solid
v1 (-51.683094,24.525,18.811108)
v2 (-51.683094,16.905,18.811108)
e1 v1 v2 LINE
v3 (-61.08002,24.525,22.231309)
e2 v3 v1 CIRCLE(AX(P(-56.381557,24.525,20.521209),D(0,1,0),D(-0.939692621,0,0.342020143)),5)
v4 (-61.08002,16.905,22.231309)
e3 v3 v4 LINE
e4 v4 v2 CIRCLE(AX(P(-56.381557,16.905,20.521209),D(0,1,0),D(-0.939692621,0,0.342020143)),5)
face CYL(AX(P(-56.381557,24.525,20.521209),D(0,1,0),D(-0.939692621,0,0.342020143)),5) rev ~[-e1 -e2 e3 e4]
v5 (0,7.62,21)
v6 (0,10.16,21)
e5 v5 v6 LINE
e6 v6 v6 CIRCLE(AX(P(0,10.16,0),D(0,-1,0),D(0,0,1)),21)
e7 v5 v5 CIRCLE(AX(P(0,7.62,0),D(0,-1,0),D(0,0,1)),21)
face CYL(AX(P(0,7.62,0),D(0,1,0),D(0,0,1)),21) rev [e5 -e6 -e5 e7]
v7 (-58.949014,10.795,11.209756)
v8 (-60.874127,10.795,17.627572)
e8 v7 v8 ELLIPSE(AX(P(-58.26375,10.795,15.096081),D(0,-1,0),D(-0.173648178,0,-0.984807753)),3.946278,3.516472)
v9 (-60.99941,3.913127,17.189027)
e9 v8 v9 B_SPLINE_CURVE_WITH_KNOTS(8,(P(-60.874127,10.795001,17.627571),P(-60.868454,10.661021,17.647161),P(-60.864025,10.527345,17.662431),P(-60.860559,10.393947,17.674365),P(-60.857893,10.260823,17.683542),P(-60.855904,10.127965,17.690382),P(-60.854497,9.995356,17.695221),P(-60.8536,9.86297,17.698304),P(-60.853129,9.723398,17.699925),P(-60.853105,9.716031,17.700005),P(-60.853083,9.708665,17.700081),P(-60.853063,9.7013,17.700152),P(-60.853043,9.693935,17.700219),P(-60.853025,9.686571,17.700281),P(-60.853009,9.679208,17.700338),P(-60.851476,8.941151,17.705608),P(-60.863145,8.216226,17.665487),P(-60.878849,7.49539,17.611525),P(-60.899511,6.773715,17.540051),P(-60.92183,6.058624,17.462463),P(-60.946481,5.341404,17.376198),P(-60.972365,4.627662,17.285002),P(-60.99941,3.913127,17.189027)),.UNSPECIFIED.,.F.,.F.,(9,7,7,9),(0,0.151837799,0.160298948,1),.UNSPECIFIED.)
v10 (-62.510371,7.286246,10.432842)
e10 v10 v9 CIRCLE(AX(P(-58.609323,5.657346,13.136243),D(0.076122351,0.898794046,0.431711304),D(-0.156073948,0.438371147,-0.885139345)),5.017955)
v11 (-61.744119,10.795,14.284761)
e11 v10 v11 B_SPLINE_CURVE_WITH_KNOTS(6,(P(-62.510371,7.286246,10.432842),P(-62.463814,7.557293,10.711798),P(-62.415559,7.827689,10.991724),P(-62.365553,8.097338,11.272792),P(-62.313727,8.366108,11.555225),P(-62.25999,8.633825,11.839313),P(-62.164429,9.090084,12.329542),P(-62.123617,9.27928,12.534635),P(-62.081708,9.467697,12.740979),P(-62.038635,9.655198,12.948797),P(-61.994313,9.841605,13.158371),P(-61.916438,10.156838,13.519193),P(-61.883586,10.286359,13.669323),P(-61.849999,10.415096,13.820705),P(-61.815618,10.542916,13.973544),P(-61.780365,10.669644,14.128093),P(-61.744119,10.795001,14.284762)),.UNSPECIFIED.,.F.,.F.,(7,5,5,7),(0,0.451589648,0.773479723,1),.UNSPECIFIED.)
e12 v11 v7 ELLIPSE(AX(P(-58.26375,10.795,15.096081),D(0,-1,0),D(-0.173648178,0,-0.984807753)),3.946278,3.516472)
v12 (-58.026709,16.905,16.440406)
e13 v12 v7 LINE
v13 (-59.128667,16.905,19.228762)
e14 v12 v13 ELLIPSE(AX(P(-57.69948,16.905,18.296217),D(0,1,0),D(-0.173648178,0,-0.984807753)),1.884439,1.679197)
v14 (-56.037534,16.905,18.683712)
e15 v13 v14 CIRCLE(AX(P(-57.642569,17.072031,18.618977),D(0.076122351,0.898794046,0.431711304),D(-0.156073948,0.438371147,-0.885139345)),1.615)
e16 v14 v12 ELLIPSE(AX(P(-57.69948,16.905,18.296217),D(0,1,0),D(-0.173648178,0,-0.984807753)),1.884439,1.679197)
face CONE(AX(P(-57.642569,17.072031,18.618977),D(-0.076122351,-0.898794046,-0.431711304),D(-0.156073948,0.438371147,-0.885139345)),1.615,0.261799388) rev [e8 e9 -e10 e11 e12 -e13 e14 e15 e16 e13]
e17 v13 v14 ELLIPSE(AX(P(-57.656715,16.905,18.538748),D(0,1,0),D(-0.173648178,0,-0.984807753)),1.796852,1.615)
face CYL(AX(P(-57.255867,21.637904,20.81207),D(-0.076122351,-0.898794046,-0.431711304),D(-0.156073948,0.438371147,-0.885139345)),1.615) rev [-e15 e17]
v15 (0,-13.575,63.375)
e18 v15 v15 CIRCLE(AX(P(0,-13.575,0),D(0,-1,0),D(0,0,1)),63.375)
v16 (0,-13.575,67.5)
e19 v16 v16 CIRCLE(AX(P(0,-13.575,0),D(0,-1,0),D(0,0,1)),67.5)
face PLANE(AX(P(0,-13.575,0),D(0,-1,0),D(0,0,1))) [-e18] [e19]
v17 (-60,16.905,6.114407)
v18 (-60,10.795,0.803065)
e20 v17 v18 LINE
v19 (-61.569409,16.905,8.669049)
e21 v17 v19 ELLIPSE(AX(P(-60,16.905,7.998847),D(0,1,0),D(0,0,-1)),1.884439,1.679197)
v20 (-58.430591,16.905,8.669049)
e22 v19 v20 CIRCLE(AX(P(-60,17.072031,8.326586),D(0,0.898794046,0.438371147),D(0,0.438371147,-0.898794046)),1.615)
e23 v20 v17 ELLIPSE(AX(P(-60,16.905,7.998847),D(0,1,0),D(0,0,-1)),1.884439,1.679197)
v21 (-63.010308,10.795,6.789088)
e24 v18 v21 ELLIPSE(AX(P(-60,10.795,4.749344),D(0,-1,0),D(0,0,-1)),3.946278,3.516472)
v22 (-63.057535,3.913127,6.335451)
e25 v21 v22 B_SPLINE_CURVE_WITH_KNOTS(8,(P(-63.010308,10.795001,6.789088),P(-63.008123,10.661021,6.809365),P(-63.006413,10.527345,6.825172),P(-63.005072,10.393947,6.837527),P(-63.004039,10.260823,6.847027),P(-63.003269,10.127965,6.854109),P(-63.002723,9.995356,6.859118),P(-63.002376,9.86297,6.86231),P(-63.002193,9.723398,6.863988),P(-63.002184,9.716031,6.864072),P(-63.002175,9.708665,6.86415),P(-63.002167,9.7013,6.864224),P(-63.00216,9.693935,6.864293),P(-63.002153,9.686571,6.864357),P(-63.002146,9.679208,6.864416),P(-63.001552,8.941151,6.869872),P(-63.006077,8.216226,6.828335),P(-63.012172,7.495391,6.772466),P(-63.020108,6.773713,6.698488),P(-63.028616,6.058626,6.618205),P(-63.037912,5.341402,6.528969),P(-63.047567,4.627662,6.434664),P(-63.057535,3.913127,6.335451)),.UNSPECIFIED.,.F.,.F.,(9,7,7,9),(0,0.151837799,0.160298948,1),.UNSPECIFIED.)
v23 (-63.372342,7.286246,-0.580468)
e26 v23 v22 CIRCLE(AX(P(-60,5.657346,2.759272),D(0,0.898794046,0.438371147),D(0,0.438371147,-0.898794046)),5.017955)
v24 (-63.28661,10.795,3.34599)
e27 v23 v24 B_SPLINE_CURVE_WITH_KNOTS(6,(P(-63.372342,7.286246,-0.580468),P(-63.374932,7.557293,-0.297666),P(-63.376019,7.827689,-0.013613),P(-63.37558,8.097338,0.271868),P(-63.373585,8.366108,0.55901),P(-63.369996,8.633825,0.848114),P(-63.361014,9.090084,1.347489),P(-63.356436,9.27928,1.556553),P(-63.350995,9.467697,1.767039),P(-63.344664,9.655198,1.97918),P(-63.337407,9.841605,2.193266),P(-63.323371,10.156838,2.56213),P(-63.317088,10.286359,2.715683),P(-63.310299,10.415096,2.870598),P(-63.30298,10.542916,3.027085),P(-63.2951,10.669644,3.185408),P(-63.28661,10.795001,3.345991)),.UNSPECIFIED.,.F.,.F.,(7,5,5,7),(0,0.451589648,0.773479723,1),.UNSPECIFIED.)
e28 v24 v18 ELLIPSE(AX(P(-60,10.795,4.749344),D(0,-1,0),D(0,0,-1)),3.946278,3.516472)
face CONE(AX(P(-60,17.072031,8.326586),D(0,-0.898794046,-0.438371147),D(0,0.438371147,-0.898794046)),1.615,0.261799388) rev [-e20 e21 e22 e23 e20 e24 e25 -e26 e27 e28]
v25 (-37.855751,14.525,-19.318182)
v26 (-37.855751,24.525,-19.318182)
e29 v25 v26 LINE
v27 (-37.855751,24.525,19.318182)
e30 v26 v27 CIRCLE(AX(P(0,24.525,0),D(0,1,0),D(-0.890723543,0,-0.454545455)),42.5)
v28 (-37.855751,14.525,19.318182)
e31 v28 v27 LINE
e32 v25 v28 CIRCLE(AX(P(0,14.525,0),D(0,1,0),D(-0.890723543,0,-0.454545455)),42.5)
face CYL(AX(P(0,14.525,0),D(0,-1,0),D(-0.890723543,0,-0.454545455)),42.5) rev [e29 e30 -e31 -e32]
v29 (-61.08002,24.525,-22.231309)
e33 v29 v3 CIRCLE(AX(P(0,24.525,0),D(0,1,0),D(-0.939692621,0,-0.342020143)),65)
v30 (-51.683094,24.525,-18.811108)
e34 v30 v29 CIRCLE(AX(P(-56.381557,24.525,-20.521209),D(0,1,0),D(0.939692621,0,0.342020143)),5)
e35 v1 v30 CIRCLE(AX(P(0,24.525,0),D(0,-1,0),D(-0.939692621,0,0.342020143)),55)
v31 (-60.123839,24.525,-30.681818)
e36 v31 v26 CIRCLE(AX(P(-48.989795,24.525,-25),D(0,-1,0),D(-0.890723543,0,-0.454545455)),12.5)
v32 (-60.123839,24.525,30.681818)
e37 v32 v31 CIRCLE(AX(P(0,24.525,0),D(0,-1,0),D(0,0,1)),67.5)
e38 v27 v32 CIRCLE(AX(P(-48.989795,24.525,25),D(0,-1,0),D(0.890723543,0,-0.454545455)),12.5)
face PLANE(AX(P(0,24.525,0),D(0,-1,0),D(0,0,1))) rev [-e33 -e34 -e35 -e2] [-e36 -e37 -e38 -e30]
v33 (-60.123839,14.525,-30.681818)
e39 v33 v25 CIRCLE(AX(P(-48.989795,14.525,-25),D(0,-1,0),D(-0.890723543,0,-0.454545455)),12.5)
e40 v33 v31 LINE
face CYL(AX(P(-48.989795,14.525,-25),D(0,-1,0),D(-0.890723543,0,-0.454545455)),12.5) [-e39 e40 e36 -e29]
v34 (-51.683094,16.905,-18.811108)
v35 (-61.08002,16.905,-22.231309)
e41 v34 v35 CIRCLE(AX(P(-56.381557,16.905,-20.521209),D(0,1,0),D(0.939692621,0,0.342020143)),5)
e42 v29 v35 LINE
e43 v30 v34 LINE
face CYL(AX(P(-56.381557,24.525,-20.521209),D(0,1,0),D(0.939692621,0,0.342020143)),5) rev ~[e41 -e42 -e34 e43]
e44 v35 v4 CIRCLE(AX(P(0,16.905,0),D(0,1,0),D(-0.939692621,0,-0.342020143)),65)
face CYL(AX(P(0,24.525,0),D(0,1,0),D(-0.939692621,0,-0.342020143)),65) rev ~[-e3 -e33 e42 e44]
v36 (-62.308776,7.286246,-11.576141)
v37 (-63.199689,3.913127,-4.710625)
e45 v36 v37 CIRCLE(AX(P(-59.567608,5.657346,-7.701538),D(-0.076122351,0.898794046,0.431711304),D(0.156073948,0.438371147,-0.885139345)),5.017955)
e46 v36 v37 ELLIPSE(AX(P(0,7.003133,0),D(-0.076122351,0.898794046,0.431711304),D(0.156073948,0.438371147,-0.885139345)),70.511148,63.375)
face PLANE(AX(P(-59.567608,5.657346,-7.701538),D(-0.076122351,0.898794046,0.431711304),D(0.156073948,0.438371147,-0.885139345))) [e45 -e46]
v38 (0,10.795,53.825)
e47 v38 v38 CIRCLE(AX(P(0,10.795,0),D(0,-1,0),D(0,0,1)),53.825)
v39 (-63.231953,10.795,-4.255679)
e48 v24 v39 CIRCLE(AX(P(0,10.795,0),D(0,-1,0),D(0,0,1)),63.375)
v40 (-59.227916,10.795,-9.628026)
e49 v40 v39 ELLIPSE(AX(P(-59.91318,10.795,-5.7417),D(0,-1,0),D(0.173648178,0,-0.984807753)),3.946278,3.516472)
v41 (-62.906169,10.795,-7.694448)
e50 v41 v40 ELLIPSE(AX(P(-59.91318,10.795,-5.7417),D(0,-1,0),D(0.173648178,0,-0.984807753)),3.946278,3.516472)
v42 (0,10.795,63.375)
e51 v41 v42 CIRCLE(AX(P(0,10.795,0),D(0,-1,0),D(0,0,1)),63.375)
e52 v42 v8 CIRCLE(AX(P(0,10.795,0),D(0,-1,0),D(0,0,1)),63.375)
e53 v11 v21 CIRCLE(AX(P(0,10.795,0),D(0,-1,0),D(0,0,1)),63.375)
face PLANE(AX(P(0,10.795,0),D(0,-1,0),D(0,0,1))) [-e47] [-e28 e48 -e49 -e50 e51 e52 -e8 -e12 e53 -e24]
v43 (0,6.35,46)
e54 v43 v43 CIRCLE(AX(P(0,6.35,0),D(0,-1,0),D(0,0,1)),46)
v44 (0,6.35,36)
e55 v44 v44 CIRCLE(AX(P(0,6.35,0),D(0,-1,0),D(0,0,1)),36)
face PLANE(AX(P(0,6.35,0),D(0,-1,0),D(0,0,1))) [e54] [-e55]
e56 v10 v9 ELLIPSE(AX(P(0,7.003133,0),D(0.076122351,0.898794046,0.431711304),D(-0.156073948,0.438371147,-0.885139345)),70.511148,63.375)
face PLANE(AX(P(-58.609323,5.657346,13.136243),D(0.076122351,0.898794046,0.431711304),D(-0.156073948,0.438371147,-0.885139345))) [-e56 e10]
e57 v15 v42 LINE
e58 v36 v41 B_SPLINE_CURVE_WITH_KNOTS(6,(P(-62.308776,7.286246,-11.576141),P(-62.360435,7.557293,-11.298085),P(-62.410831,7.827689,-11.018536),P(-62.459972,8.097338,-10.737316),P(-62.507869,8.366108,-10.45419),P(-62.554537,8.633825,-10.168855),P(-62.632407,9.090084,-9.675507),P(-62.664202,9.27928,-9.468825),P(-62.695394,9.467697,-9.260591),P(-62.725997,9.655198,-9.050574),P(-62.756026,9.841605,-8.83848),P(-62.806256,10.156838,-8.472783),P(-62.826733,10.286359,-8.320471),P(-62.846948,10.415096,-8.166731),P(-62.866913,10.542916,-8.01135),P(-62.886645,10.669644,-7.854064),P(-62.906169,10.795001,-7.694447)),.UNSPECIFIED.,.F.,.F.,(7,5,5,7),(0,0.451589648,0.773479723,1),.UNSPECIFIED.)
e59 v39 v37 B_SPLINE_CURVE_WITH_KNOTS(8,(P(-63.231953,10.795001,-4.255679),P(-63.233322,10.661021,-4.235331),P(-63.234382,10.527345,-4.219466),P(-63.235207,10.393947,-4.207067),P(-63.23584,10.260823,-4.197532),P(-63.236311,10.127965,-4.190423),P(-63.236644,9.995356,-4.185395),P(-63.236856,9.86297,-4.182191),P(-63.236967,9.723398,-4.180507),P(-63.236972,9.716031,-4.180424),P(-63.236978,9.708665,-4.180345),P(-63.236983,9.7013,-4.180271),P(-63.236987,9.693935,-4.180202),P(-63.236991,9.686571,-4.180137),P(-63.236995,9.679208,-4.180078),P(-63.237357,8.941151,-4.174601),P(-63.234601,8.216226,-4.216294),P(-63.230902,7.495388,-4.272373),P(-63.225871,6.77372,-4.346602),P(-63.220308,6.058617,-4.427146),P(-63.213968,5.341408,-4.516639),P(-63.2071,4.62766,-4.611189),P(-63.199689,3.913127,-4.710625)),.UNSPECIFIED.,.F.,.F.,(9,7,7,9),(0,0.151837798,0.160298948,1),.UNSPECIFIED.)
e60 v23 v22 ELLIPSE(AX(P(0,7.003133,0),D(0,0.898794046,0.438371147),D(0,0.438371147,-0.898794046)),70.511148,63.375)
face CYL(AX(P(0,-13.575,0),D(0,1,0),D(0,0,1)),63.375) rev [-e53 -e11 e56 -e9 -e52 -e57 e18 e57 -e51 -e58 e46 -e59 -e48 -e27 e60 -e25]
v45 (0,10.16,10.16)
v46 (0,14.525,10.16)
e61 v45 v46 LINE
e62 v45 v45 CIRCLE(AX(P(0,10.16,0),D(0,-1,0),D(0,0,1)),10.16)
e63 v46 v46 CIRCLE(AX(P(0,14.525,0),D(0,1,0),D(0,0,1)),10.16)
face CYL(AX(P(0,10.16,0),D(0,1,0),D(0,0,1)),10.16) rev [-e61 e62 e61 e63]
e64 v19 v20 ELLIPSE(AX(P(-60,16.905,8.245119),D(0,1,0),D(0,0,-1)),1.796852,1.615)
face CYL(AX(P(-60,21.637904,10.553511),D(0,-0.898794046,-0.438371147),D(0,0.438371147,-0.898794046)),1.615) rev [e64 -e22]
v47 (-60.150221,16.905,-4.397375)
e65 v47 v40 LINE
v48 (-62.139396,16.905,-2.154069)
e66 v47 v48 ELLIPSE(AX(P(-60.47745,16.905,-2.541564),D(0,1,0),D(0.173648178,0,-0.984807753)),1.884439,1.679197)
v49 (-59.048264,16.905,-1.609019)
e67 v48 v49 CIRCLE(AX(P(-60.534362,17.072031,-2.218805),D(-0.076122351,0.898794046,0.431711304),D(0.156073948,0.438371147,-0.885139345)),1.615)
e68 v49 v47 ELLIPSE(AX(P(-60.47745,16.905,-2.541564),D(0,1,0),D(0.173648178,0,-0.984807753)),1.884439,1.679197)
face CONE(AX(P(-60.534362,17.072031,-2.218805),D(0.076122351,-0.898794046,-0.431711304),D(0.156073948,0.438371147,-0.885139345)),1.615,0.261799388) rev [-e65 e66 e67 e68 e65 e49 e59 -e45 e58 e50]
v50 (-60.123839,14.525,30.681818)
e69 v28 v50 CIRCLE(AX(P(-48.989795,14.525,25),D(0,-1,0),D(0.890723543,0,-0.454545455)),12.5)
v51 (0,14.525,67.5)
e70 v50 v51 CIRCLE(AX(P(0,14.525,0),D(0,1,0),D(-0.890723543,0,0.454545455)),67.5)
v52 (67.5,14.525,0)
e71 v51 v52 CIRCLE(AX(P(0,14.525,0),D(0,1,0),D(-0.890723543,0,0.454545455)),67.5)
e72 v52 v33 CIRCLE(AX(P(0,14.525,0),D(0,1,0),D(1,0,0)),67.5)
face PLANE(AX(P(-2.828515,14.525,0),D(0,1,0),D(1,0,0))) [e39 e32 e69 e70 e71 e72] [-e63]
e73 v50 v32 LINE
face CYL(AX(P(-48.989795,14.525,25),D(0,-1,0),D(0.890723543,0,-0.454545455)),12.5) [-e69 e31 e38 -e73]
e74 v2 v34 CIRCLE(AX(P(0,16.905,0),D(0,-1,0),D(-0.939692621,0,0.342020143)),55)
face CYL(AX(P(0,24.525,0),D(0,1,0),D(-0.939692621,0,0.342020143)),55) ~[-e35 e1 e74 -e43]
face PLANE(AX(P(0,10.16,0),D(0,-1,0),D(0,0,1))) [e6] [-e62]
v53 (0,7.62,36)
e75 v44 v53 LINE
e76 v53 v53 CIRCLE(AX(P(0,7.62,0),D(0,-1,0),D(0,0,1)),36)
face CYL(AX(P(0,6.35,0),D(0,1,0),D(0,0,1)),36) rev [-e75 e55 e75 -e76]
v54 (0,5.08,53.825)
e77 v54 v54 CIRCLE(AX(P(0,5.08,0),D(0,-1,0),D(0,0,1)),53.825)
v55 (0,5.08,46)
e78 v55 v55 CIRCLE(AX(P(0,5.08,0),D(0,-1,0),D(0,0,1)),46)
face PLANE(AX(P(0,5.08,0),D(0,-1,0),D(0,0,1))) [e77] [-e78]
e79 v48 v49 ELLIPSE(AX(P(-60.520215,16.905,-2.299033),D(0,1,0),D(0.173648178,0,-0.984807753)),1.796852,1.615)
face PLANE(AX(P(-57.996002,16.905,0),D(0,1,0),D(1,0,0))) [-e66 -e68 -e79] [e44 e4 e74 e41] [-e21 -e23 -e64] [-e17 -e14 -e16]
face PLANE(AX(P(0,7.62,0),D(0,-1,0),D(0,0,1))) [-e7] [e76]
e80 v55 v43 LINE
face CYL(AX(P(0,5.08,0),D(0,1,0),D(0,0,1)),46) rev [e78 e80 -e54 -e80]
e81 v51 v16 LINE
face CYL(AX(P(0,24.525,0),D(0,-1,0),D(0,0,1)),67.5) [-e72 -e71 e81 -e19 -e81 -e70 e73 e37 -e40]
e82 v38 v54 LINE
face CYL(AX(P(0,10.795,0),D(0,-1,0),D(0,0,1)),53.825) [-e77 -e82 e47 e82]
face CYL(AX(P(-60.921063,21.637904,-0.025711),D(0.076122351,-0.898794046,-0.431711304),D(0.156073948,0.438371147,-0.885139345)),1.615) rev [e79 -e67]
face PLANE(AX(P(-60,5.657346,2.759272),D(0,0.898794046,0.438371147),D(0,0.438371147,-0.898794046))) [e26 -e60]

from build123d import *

# Parameters (mm, degrees)
GEAR_START                      = -10
SKETCH1_R                       = 10.16
GEAR_SLOT_DEPTH                 = 10
CIRPATTERN1_COUNT               = 2
CIRPATTERN1_ANGLE               = 10
CIRPATTERN1_THE_OTHER_WAY_COUNT = 2
CIRPATTERN1_THE_OTHER_WAY_ANGLE = 10
GAS_MANIFOLD_DEPTH              = 7.62


with BuildPart() as part:
    # Sketch9 → Revolve1 (revolve)
    with BuildSketch(Plane.XY, mode=Mode.PRIVATE) as revolve1_sk:
        Polygon((-10.16, 10.16), (-10.16, 24.525), (-67.5, 24.525), (-67.5, -13.575), (-63.375, -13.575), (-63.375, 10.795), (-53.825, 10.795), (-53.825, 5.08), (-46, 5.08), (-46, 6.35), (-36, 6.35), (-36, 7.62), (-21, 7.62), (-21, 10.16), align=None)
    revolve(revolve1_sk.sketch.rotate(Axis((0, 18.1216542, 0), (0, -1, 0)), 270), axis=Axis((0, 18.1216542, 0), (0, -1, 0)))

    # Sketch1 → Gear Slot (cut)
    with BuildSketch(Plane(origin=(0, 24.525, 0), x_dir=(1, 0, 0), z_dir=(0, 1, 0)).offset(GEAR_START)):
        with BuildLine():
            ThreePointArc((-60.123839141, -30.681818182), (15.778004595, -65.630058441), (67.5, 0))
            ThreePointArc((67.5, 0), (15.778004595, 65.630058441), (-60.123839141, 30.681818182))
            ThreePointArc((-60.123839141, 30.681818182), (-43.307976674, 36.134044285), (-37.85575057, 19.318181818))
            ThreePointArc((-37.85575057, 19.318181818), (-42.5, 0), (-37.85575057, -19.318181818))
            ThreePointArc((-37.85575057, -19.318181818), (-43.307976674, -36.134044285), (-60.123839141, -30.681818182))
        make_face()
        with Locations(Location((0, 0, 0), (0, 0, 270))):
            Circle(SKETCH1_R, mode=Mode.SUBTRACT)
    extrude(amount=GEAR_SLOT_DEPTH, mode=Mode.SUBTRACT)

    # Sketch5 one side → Orifice (revolve, cut)
    with BuildSketch(Plane(origin=(-60, 0, 0), x_dir=(0, 0, -1), z_dir=(1, 0, 0)), mode=Mode.PRIVATE) as orifice_sk:
        Polygon((-9.77813806, 16.364061196), (-7.26937996, 3.457619634), (-2.759272111, 5.65734621), (-10.553511101, 21.637904353), (-12.005063486, 20.929934951), align=None)
    orifice = revolve(orifice_sk.sketch.rotate(Axis((-60, 5.65734621, 2.759272111), (0, 0.8987940462991696, 0.43837114678907213)), 180), axis=Axis((-60, 5.65734621, 2.759272111), (0, 0.8987940462991696, 0.43837114678907213)), mode=Mode.SUBTRACT)

    # CirPattern1: Orifice ×2 about axis
    cirpattern1_axis = Axis((0, 17.78, 0), (0, -1, 0))
    for i in range(1, CIRPATTERN1_COUNT):
        add(orifice.rotate(cirpattern1_axis, i * CIRPATTERN1_ANGLE / (CIRPATTERN1_COUNT - 1)), mode=Mode.SUBTRACT)

    # CirPattern1 the other way: Orifice ×2 about axis
    cirpattern1_the_other_way_axis = Axis((0, 17.78, 0), (0, 1, 0))
    for i in range(1, CIRPATTERN1_THE_OTHER_WAY_COUNT):
        add(orifice.rotate(cirpattern1_the_other_way_axis, i * CIRPATTERN1_THE_OTHER_WAY_ANGLE / (CIRPATTERN1_THE_OTHER_WAY_COUNT - 1)), mode=Mode.SUBTRACT)

    # Sketch10 → Gas Manifold (cut)
    with BuildSketch(Plane(origin=(0, 24.525, 0), x_dir=(1, 0, 0), z_dir=(0, 1, 0))):
        with BuildLine():
            ThreePointArc((-51.683094143, -18.811107883), (-55, 0), (-51.683094143, 18.811107883))
            ThreePointArc((-51.683094143, 18.811107883), (-54.671456531, 25.219671703), (-61.080020351, 22.231309316))
            ThreePointArc((-61.080020351, 22.231309316), (-65, 0), (-61.080020351, -22.231309316))
            ThreePointArc((-61.080020351, -22.231309316), (-54.671456531, -25.219671703), (-51.683094143, -18.811107883))
        make_face()
    extrude(amount=-GAS_MANIFOLD_DEPTH, mode=Mode.SUBTRACT)


solid = part.part
